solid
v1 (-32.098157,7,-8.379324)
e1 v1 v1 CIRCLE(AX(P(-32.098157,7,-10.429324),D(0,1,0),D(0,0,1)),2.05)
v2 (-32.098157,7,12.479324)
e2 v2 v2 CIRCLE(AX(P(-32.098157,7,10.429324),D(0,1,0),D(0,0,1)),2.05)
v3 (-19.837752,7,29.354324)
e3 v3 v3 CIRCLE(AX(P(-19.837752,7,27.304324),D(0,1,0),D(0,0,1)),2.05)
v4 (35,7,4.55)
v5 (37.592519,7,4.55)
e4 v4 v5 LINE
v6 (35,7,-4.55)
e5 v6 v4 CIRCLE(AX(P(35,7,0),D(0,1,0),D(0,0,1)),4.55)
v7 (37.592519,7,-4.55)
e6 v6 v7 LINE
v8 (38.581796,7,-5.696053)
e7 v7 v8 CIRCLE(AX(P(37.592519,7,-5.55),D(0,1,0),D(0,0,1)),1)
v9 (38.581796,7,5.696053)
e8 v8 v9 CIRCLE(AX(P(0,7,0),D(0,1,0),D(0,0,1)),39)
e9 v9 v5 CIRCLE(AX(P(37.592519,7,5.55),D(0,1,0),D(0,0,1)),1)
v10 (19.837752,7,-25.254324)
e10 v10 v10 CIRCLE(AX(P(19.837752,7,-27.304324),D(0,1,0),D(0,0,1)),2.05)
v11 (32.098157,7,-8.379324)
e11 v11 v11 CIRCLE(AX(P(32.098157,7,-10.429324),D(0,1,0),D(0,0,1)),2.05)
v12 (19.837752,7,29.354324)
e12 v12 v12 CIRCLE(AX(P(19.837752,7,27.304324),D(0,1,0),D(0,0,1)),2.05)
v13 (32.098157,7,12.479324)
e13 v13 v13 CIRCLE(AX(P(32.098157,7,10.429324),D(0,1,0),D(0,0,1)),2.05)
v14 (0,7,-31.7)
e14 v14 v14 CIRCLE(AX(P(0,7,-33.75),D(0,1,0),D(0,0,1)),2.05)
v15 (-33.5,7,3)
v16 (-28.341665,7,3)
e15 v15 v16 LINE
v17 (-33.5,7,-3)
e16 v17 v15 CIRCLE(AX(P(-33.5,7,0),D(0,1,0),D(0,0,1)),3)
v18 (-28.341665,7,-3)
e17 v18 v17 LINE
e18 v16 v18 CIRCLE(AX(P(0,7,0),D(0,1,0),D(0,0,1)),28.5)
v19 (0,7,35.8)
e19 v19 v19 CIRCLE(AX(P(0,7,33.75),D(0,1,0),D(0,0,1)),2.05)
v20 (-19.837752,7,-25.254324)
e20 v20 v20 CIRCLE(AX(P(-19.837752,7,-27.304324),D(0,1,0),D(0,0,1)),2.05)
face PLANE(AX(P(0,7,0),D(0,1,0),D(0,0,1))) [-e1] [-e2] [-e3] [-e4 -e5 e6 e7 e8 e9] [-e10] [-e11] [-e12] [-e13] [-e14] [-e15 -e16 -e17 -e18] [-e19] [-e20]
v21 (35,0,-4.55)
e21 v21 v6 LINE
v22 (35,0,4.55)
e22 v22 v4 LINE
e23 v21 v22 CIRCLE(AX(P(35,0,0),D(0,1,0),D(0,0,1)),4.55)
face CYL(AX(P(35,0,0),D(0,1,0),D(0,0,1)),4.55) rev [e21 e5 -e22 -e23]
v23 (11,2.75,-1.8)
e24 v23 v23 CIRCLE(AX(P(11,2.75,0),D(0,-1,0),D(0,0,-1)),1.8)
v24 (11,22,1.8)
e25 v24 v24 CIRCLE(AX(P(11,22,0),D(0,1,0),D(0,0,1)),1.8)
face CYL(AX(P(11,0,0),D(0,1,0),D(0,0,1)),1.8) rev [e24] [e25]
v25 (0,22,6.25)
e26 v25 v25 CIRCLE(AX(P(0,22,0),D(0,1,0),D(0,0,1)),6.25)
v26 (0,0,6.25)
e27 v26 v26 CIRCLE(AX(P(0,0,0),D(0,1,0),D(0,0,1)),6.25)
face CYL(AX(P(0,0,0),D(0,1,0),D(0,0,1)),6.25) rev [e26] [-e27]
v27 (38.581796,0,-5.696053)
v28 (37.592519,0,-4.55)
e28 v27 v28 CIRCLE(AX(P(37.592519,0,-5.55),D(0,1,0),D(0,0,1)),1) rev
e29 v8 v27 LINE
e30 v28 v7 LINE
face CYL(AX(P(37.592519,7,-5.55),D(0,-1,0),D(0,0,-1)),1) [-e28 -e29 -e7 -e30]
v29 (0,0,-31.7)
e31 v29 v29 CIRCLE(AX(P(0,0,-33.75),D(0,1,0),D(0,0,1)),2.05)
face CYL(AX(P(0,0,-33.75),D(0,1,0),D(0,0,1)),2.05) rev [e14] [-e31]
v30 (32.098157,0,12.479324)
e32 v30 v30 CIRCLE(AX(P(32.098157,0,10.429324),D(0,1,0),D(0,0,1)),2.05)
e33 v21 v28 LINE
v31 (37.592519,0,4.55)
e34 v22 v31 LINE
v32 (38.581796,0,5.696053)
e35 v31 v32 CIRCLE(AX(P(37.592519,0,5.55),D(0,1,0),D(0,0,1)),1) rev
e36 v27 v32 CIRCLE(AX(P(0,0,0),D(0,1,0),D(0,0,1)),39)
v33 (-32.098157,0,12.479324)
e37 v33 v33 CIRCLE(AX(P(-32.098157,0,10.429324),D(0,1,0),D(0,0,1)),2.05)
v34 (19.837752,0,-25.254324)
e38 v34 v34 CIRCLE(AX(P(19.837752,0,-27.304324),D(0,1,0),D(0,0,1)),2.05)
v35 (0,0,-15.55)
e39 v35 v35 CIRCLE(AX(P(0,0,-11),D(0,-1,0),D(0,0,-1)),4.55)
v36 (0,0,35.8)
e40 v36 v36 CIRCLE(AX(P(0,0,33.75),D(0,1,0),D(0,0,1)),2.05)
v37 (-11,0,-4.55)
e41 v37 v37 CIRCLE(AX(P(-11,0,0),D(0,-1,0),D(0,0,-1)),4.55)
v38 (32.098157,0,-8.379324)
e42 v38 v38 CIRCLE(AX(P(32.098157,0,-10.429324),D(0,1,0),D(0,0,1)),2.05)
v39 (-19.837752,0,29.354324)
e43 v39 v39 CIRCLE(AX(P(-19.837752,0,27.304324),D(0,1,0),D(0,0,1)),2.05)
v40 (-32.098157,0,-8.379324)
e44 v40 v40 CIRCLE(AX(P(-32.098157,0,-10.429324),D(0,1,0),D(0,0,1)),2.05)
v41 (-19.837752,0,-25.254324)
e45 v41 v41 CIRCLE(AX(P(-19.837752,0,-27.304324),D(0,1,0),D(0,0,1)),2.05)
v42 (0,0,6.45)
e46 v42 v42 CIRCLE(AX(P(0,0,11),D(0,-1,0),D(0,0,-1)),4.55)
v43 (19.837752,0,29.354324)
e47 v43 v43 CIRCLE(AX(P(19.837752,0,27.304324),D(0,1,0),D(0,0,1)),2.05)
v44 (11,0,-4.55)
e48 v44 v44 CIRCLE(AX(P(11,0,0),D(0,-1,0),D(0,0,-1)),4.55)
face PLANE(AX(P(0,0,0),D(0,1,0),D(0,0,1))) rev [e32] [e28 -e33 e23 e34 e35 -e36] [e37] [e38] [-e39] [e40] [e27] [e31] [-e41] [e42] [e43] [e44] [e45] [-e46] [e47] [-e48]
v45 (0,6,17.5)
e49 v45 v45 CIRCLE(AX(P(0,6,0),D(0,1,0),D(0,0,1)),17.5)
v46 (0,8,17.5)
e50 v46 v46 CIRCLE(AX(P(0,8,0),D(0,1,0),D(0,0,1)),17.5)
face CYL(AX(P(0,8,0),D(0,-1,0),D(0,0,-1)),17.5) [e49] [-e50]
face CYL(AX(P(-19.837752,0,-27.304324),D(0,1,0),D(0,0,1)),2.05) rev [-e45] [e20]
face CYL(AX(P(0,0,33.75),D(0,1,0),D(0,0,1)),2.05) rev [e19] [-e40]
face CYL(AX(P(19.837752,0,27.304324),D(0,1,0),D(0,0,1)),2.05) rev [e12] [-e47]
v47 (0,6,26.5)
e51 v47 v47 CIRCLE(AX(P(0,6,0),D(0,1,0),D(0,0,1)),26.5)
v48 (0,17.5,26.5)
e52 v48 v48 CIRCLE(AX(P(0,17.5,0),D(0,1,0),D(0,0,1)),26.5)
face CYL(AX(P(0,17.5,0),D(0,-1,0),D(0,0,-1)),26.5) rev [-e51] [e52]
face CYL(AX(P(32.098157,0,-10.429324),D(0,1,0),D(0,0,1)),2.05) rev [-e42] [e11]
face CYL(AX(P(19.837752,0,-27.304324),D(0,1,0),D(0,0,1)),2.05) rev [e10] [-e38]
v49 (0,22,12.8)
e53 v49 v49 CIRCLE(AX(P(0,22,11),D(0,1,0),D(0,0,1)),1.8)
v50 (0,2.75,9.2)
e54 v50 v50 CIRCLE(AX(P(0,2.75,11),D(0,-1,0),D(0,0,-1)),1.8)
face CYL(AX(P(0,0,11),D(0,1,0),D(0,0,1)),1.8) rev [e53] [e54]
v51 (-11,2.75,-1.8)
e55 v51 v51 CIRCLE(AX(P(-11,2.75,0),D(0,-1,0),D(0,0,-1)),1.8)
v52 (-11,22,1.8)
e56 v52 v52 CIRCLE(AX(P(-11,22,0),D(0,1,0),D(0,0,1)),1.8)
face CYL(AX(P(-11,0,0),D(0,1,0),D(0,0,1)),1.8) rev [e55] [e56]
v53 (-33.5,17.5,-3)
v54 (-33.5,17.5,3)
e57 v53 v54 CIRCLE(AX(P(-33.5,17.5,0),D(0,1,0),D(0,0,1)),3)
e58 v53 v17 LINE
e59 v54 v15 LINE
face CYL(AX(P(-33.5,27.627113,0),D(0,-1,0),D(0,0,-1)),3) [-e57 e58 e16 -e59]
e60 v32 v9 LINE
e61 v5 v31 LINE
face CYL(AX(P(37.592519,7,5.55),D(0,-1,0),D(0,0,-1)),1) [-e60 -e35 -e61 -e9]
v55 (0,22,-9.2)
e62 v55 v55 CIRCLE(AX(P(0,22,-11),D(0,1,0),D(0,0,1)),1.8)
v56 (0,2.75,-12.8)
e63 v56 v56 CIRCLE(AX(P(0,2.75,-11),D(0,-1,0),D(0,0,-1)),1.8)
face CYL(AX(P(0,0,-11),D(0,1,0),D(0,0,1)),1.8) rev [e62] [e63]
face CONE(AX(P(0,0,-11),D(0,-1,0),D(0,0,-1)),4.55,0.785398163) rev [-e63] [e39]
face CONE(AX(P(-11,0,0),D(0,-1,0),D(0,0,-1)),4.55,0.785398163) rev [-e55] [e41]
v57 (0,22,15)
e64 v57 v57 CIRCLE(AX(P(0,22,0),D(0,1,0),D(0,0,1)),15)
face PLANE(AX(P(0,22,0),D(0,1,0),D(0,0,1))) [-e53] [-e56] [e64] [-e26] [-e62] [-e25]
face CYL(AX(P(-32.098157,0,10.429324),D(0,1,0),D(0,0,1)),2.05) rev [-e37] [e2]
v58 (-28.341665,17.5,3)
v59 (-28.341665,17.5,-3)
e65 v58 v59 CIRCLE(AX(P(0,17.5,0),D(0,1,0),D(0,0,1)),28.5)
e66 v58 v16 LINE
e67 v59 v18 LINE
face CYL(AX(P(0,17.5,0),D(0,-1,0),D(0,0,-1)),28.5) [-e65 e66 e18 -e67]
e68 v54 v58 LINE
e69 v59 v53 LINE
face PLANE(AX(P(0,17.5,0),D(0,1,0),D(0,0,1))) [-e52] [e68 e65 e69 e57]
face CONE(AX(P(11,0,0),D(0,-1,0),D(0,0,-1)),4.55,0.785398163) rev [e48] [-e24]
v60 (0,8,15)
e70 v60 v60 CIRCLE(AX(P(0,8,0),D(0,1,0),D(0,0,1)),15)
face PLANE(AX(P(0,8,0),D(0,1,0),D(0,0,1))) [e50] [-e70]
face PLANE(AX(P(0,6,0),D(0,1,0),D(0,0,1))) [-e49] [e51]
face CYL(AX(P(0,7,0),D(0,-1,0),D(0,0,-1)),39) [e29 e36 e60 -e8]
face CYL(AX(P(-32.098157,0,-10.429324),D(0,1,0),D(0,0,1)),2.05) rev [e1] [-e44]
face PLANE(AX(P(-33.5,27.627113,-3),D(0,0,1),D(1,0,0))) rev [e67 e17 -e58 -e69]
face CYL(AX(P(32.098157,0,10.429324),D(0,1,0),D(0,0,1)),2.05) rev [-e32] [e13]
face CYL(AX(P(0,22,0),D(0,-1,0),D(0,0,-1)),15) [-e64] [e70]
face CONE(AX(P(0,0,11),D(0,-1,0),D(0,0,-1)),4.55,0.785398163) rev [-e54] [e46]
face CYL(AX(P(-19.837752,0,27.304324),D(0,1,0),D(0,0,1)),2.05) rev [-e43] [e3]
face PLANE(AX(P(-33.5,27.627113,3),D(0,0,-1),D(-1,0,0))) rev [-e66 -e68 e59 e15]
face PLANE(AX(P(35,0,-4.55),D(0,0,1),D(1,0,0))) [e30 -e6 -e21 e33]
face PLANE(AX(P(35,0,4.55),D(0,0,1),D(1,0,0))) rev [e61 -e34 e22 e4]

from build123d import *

# Parameters (mm, degrees)
SKETCH1_R                                           = 39
BOSS_EXTRUDE1_DEPTH                                 = 7
SKETCH3_R                                           = 17.5
BOSS_EXTRUDE2_DEPTH                                 = 1
SKETCH4_R                                           = 15
BOSS_EXTRUDE3_DEPTH                                 = 14
SKETCH5_R                                           = 6.25
SKETCH5_R_2                                         = 1.8
CUT_EXTRUDE1_DEPTH                                  = 23
CSK_FOR_M4_COUNTERSUNK_FLAT_HEAD_SCREW1_D           = 3.5
CSK_FOR_M4_COUNTERSUNK_FLAT_HEAD_SCREW1_CSINK_D     = 9.1
CSK_FOR_M4_COUNTERSUNK_FLAT_HEAD_SCREW1_CSINK_ANGLE = 90
SKETCH7_R                                           = 28.5
SKETCH7_R_2                                         = 26.5
BOSS_EXTRUDE4_DEPTH                                 = 10.5
SKETCH8_R                                           = 26.5
SKETCH8_R_2                                         = 17.5
CUT_EXTRUDE2_DEPTH                                  = 1
SKETCH9_R                                           = 2.05
CUT_EXTRUDE3_DEPTH                                  = 8.0000001
BOSS_EXTRUDE5_DEPTH                                 = 10.5
CUT_EXTRUDE4_DEPTH                                  = 8.0000001
FILLET1_R                                           = 1


with BuildPart() as part:
    # Sketch1 → Boss-Extrude1 (new body)
    with BuildSketch(Plane(origin=(0, 0, 0), x_dir=(1, 0, 0), z_dir=(0, 1, 0))):
        Circle(SKETCH1_R)
    extrude(amount=BOSS_EXTRUDE1_DEPTH)

    # Sketch3 → Boss-Extrude2 (add)
    with BuildSketch(Plane(origin=(0, 7, 0), x_dir=(1, 0, 0), z_dir=(0, 1, 0))):
        Circle(SKETCH3_R)
    extrude(amount=BOSS_EXTRUDE2_DEPTH)

    # Sketch4 → Boss-Extrude3 (add)
    with BuildSketch(Plane(origin=(0, 8, 0), x_dir=(1, 0, 0), z_dir=(0, 1, 0))):
        Circle(SKETCH4_R)
    extrude(amount=BOSS_EXTRUDE3_DEPTH)

    # Sketch5 → Cut-Extrude1 (cut, through all)
    with BuildSketch(Plane(origin=(0, 22, 0), x_dir=(1, 0, 0), z_dir=(0, 1, 0))):
        Circle(SKETCH5_R)
        with Locations((0, 11)):
            Circle(SKETCH5_R_2)
        with Locations((11, 0)):
            Circle(SKETCH5_R_2)
        with Locations((0, -11)):
            Circle(SKETCH5_R_2)
        with Locations((-11, 0)):
            Circle(SKETCH5_R_2)
    extrude(amount=-CUT_EXTRUDE1_DEPTH, mode=Mode.SUBTRACT)

    # CSK for M4 Countersunk Flat Head Screw1 (through all)
    with Locations(Plane(origin=(11, 0, 0), x_dir=(0, 0, -1), z_dir=(0, -1, 0))):
        with Locations((0, 0), (11, -11), (0, -22), (-11, -11)):
            CounterSinkHole(CSK_FOR_M4_COUNTERSUNK_FLAT_HEAD_SCREW1_D / 2, CSK_FOR_M4_COUNTERSUNK_FLAT_HEAD_SCREW1_CSINK_D / 2, counter_sink_angle=CSK_FOR_M4_COUNTERSUNK_FLAT_HEAD_SCREW1_CSINK_ANGLE)

    # Sketch7 → Boss-Extrude4 (add)
    with BuildSketch(Plane(origin=(0, 7, 0), x_dir=(1, 0, 0), z_dir=(0, 1, 0))):
        Circle(SKETCH7_R)
        Circle(SKETCH7_R_2, mode=Mode.SUBTRACT)
    extrude(amount=BOSS_EXTRUDE4_DEPTH)

    # Sketch8 → Cut-Extrude2 (cut)
    with BuildSketch(Plane(origin=(0, 7, 0), x_dir=(1, 0, 0), z_dir=(0, 1, 0))):
        Circle(SKETCH8_R)
        Circle(SKETCH8_R_2, mode=Mode.SUBTRACT)
    extrude(amount=-CUT_EXTRUDE2_DEPTH, mode=Mode.SUBTRACT)

    # Sketch9 → Cut-Extrude3 (cut, through all)
    with BuildSketch(Plane(origin=(0, 7, 0), x_dir=(1, 0, 0), z_dir=(0, 1, 0))):
        with Locations((0, 33.75)):
            Circle(SKETCH9_R)
        with Locations((19.837752265, 27.30432356)):
            Circle(SKETCH9_R)
        with Locations((32.098157425, 10.42932356)):
            Circle(SKETCH9_R)
        with Locations((32.098157425, -10.42932356)):
            Circle(SKETCH9_R)
        with Locations((19.837752265, -27.30432356)):
            Circle(SKETCH9_R)
        with Locations((0, -33.75)):
            Circle(SKETCH9_R)
        with Locations((-19.837752265, -27.30432356)):
            Circle(SKETCH9_R)
        with Locations((-32.098157425, -10.42932356)):
            Circle(SKETCH9_R)
        with Locations((-32.098157425, 10.42932356)):
            Circle(SKETCH9_R)
        with Locations((-19.837752265, 27.30432356)):
            Circle(SKETCH9_R)
    extrude(amount=-CUT_EXTRUDE3_DEPTH, mode=Mode.SUBTRACT)

    # Sketch10 → Boss-Extrude5 (add)
    with BuildSketch(Plane(origin=(0, 7, 0), x_dir=(1, 0, 0), z_dir=(0, 1, 0))):
        with BuildLine():
            Line((-33.5, 3), (-28.341665442, 3))
            ThreePointArc((-28.341665442, 3), (-28.5, 0), (-28.341665442, -3))
            Line((-28.341665442, -3), (-33.5, -3))
            ThreePointArc((-33.5, -3), (-36.5, 0), (-33.5, 3))
        make_face()
    extrude(amount=BOSS_EXTRUDE5_DEPTH)

    # Sketch11 → Cut-Extrude4 (cut, through all)
    with BuildSketch(Plane(origin=(0, 7, 0), x_dir=(1, 0, 0), z_dir=(0, 1, 0))):
        with BuildLine():
            Line((35, 4.55), (38.73367398, 4.55))
            ThreePointArc((38.73367398, 4.55), (39, 0), (38.73367398, -4.55))
            Line((38.73367398, -4.55), (35, -4.55))
            ThreePointArc((35, -4.55), (30.45, 0), (35, 4.55))
        make_face()
    extrude(amount=-CUT_EXTRUDE4_DEPTH, mode=Mode.SUBTRACT)

    # Fillet1
    fillet1_edges = [part.edges().sort_by_distance(p)[0] for p in [
        (38.73367398, 3.5, -4.55),
        (38.73367398, 3.5, 4.55),
    ]]
    fillet(fillet1_edges, radius=FILLET1_R)


solid = part.part
